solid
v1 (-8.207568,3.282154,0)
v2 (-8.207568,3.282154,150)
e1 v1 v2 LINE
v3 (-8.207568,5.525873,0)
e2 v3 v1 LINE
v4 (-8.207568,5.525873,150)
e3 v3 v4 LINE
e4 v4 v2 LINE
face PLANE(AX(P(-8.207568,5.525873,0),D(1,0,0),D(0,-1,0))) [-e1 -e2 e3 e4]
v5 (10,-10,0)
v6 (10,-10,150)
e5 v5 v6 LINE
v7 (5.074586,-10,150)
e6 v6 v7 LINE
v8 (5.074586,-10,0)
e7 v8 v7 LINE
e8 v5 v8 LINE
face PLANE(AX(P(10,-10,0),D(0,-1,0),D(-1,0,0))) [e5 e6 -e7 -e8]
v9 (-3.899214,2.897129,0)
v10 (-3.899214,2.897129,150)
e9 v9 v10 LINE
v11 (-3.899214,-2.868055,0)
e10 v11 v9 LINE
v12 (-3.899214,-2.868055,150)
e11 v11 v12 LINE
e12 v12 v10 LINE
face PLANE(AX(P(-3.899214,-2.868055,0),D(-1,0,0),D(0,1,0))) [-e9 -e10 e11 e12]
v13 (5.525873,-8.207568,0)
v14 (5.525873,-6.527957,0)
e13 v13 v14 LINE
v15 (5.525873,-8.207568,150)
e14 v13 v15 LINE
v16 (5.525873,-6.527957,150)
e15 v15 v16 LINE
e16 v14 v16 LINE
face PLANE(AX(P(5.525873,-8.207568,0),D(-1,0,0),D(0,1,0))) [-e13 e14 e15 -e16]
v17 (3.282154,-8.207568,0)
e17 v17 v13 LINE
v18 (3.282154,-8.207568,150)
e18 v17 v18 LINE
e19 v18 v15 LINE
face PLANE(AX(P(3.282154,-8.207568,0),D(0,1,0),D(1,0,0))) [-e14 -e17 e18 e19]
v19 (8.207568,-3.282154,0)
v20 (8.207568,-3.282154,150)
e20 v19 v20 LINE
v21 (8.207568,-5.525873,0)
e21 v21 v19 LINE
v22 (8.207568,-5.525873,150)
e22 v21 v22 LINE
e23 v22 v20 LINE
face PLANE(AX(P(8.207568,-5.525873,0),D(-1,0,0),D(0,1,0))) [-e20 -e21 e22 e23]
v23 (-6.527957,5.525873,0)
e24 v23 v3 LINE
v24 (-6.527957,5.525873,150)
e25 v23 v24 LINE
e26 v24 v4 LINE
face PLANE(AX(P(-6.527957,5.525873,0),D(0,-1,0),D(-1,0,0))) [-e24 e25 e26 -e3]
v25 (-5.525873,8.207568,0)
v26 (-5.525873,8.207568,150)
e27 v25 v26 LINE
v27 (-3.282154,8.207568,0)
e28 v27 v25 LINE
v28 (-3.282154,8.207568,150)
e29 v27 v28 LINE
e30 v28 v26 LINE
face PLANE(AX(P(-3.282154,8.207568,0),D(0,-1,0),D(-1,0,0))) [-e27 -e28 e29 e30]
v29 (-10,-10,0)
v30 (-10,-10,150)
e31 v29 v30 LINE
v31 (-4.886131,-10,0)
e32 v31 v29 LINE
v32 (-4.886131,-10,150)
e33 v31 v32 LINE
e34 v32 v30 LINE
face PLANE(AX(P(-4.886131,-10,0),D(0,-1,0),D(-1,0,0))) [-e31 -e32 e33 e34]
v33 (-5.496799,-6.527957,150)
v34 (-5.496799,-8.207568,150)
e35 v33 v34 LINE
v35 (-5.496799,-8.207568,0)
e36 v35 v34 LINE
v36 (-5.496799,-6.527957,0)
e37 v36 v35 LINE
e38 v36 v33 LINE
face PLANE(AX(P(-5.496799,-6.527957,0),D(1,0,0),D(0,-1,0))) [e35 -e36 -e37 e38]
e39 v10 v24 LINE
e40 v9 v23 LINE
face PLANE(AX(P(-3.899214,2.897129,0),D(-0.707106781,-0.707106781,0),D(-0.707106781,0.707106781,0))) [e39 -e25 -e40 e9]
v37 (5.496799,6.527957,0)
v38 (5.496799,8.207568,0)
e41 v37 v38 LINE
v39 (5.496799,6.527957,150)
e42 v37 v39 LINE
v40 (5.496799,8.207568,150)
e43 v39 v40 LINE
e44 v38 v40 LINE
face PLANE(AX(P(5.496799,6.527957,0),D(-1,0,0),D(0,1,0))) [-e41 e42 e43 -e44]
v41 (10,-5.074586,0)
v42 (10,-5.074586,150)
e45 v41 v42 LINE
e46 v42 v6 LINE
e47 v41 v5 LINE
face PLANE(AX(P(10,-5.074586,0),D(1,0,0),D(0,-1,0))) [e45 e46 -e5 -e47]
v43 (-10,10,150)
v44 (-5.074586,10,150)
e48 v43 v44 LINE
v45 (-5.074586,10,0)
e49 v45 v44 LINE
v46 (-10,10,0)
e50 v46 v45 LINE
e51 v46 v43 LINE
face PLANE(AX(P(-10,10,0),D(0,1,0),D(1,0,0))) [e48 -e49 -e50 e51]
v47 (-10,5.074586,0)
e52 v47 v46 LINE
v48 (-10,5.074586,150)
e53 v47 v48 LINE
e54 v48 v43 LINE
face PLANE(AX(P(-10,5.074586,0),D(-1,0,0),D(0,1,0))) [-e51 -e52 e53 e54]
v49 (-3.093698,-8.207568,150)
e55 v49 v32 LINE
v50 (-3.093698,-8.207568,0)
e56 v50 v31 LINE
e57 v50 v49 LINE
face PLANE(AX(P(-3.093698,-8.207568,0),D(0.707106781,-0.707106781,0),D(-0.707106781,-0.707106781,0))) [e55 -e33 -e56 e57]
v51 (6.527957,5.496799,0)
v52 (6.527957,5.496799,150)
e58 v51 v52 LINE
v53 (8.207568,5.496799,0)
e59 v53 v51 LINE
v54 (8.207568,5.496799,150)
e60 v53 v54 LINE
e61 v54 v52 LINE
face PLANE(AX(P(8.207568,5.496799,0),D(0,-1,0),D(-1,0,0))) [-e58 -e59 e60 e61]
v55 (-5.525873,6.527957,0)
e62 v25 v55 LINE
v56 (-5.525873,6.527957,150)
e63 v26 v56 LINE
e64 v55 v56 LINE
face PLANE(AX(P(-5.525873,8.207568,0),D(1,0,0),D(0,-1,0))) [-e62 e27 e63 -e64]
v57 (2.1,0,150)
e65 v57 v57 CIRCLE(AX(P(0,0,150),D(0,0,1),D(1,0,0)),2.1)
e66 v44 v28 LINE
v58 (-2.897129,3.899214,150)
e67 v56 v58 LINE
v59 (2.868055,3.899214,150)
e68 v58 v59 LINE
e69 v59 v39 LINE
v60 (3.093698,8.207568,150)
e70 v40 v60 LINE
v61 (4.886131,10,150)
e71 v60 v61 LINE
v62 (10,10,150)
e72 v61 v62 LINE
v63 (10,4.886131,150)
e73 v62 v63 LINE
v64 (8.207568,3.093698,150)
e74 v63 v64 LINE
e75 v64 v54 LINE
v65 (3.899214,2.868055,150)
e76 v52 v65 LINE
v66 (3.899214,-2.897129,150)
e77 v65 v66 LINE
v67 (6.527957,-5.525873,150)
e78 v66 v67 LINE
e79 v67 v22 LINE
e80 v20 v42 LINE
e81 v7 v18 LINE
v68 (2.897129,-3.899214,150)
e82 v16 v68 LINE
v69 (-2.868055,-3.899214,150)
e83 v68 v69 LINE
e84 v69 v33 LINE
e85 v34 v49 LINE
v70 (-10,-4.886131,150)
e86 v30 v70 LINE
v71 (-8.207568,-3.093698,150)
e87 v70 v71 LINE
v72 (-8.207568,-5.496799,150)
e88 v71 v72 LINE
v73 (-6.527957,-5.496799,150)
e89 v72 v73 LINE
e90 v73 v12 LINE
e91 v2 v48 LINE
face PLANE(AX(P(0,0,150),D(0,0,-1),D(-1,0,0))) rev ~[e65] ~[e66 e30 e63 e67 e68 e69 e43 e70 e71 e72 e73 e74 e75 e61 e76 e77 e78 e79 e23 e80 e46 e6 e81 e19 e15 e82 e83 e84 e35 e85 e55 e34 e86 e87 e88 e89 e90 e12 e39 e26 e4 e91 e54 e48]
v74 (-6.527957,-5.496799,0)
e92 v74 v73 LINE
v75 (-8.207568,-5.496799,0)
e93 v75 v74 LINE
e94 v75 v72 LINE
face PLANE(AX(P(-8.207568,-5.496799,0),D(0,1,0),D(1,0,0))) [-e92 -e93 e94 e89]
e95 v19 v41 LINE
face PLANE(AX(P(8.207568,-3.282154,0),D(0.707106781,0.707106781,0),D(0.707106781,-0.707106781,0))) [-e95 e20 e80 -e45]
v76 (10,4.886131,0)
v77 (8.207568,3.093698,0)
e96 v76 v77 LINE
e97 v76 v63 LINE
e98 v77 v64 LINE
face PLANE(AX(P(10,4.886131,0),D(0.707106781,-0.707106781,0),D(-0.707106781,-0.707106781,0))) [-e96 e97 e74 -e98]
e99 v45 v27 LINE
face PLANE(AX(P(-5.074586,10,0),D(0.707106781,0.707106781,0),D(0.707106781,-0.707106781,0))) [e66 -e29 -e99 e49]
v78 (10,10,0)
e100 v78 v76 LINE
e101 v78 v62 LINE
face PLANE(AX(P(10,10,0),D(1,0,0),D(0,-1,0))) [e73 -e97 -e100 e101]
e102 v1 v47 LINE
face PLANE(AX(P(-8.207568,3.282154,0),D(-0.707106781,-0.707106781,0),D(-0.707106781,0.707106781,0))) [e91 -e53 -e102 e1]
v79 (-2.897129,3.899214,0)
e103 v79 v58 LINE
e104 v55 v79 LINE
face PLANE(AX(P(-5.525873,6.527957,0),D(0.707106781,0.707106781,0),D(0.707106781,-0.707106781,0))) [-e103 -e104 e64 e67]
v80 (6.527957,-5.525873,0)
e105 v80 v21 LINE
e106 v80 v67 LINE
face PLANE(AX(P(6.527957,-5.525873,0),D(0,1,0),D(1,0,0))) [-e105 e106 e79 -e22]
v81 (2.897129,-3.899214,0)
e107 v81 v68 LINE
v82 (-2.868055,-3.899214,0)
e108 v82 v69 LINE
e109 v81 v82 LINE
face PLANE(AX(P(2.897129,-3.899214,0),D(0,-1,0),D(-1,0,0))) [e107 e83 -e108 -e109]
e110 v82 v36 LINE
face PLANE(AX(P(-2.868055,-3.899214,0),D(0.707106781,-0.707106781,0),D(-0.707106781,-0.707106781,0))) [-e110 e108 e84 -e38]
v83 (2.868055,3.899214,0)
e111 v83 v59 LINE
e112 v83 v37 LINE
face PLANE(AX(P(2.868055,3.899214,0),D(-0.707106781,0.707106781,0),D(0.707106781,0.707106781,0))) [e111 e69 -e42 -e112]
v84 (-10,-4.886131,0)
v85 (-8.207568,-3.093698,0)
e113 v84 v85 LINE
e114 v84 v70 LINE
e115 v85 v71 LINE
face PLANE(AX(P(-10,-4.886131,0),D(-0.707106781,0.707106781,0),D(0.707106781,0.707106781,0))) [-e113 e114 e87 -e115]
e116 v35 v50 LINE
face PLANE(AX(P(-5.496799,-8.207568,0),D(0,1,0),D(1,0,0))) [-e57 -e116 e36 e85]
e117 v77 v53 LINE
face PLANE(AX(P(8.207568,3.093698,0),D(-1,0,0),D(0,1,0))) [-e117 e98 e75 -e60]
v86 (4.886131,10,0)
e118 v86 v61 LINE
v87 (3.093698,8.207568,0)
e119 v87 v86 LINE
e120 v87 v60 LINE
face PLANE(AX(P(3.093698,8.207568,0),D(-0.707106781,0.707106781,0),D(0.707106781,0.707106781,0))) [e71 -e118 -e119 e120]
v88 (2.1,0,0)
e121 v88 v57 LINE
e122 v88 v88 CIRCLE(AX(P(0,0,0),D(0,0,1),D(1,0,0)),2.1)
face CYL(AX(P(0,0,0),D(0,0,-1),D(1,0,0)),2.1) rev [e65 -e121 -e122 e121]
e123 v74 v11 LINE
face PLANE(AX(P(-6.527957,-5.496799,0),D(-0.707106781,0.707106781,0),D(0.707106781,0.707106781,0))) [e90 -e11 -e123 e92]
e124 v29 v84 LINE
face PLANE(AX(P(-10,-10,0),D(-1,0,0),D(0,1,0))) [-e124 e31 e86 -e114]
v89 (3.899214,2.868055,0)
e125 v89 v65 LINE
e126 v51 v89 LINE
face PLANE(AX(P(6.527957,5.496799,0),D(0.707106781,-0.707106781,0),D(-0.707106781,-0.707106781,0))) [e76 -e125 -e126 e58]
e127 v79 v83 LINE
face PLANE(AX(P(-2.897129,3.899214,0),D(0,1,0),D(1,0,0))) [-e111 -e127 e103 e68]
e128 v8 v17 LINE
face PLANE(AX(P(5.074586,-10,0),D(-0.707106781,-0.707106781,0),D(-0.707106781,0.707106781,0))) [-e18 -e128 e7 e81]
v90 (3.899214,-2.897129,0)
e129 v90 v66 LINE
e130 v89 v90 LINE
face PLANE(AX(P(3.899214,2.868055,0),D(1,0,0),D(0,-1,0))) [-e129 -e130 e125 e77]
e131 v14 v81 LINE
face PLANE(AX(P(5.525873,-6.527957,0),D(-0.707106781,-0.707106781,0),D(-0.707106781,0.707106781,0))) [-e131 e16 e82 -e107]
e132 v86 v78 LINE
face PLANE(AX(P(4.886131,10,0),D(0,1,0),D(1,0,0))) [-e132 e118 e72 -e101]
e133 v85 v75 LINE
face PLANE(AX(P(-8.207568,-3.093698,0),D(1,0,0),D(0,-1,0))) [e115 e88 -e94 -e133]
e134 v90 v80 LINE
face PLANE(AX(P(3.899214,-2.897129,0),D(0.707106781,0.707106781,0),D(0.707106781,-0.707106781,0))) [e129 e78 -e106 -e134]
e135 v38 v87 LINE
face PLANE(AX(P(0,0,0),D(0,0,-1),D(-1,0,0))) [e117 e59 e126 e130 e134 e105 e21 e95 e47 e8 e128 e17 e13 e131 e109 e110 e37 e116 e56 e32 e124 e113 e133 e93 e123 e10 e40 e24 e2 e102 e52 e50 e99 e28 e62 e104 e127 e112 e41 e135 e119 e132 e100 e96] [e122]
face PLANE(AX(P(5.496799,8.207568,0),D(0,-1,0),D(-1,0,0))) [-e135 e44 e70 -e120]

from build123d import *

# Parameters (mm, degrees)
SKETCH1_R           = 2.1
BOSS_EXTRUDE1_DEPTH = 150


with BuildPart() as part:
    # Sketch1 (on Front Plane) → Boss-Extrude1 (new body)
    with BuildSketch(Plane.XY):
        Polygon((-5.074586208, 10), (-3.28215401, 8.207567802), (-5.525872647, 8.207567802), (-5.525872647, 6.527957213), (-2.897129144, 3.89921371), (2.868055105, 3.89921371), (5.496798608, 6.527957213), (5.496798608, 8.207567802), (3.093698324, 8.207567802), (4.886130522, 10), (10, 10), (10, 4.886130522), (8.207567802, 3.093698324), (8.207567802, 5.496798608), (6.527957213, 5.496798608), (3.89921371, 2.868055105), (3.89921371, -2.897129144), (6.527957213, -5.525872647), (8.207567802, -5.525872647), (8.207567802, -3.28215401), (10, -5.074586208), (10, -10), (5.074586208, -10), (3.28215401, -8.207567802), (5.525872647, -8.207567802), (5.525872647, -6.527957213), (2.897129144, -3.89921371), (-2.868055105, -3.89921371), (-5.496798608, -6.527957213), (-5.496798608, -8.207567802), (-3.093698324, -8.207567802), (-4.886130522, -10), (-10, -10), (-10, -4.886130522), (-8.207567802, -3.093698324), (-8.207567802, -5.496798608), (-6.527957213, -5.496798608), (-3.89921371, -2.868055105), (-3.89921371, 2.897129144), (-6.527957213, 5.525872647), (-8.207567802, 5.525872647), (-8.207567802, 3.28215401), (-10, 5.074586208), (-10, 10), align=None)
        Circle(SKETCH1_R, mode=Mode.SUBTRACT)
    extrude(amount=BOSS_EXTRUDE1_DEPTH)


solid = part.part
